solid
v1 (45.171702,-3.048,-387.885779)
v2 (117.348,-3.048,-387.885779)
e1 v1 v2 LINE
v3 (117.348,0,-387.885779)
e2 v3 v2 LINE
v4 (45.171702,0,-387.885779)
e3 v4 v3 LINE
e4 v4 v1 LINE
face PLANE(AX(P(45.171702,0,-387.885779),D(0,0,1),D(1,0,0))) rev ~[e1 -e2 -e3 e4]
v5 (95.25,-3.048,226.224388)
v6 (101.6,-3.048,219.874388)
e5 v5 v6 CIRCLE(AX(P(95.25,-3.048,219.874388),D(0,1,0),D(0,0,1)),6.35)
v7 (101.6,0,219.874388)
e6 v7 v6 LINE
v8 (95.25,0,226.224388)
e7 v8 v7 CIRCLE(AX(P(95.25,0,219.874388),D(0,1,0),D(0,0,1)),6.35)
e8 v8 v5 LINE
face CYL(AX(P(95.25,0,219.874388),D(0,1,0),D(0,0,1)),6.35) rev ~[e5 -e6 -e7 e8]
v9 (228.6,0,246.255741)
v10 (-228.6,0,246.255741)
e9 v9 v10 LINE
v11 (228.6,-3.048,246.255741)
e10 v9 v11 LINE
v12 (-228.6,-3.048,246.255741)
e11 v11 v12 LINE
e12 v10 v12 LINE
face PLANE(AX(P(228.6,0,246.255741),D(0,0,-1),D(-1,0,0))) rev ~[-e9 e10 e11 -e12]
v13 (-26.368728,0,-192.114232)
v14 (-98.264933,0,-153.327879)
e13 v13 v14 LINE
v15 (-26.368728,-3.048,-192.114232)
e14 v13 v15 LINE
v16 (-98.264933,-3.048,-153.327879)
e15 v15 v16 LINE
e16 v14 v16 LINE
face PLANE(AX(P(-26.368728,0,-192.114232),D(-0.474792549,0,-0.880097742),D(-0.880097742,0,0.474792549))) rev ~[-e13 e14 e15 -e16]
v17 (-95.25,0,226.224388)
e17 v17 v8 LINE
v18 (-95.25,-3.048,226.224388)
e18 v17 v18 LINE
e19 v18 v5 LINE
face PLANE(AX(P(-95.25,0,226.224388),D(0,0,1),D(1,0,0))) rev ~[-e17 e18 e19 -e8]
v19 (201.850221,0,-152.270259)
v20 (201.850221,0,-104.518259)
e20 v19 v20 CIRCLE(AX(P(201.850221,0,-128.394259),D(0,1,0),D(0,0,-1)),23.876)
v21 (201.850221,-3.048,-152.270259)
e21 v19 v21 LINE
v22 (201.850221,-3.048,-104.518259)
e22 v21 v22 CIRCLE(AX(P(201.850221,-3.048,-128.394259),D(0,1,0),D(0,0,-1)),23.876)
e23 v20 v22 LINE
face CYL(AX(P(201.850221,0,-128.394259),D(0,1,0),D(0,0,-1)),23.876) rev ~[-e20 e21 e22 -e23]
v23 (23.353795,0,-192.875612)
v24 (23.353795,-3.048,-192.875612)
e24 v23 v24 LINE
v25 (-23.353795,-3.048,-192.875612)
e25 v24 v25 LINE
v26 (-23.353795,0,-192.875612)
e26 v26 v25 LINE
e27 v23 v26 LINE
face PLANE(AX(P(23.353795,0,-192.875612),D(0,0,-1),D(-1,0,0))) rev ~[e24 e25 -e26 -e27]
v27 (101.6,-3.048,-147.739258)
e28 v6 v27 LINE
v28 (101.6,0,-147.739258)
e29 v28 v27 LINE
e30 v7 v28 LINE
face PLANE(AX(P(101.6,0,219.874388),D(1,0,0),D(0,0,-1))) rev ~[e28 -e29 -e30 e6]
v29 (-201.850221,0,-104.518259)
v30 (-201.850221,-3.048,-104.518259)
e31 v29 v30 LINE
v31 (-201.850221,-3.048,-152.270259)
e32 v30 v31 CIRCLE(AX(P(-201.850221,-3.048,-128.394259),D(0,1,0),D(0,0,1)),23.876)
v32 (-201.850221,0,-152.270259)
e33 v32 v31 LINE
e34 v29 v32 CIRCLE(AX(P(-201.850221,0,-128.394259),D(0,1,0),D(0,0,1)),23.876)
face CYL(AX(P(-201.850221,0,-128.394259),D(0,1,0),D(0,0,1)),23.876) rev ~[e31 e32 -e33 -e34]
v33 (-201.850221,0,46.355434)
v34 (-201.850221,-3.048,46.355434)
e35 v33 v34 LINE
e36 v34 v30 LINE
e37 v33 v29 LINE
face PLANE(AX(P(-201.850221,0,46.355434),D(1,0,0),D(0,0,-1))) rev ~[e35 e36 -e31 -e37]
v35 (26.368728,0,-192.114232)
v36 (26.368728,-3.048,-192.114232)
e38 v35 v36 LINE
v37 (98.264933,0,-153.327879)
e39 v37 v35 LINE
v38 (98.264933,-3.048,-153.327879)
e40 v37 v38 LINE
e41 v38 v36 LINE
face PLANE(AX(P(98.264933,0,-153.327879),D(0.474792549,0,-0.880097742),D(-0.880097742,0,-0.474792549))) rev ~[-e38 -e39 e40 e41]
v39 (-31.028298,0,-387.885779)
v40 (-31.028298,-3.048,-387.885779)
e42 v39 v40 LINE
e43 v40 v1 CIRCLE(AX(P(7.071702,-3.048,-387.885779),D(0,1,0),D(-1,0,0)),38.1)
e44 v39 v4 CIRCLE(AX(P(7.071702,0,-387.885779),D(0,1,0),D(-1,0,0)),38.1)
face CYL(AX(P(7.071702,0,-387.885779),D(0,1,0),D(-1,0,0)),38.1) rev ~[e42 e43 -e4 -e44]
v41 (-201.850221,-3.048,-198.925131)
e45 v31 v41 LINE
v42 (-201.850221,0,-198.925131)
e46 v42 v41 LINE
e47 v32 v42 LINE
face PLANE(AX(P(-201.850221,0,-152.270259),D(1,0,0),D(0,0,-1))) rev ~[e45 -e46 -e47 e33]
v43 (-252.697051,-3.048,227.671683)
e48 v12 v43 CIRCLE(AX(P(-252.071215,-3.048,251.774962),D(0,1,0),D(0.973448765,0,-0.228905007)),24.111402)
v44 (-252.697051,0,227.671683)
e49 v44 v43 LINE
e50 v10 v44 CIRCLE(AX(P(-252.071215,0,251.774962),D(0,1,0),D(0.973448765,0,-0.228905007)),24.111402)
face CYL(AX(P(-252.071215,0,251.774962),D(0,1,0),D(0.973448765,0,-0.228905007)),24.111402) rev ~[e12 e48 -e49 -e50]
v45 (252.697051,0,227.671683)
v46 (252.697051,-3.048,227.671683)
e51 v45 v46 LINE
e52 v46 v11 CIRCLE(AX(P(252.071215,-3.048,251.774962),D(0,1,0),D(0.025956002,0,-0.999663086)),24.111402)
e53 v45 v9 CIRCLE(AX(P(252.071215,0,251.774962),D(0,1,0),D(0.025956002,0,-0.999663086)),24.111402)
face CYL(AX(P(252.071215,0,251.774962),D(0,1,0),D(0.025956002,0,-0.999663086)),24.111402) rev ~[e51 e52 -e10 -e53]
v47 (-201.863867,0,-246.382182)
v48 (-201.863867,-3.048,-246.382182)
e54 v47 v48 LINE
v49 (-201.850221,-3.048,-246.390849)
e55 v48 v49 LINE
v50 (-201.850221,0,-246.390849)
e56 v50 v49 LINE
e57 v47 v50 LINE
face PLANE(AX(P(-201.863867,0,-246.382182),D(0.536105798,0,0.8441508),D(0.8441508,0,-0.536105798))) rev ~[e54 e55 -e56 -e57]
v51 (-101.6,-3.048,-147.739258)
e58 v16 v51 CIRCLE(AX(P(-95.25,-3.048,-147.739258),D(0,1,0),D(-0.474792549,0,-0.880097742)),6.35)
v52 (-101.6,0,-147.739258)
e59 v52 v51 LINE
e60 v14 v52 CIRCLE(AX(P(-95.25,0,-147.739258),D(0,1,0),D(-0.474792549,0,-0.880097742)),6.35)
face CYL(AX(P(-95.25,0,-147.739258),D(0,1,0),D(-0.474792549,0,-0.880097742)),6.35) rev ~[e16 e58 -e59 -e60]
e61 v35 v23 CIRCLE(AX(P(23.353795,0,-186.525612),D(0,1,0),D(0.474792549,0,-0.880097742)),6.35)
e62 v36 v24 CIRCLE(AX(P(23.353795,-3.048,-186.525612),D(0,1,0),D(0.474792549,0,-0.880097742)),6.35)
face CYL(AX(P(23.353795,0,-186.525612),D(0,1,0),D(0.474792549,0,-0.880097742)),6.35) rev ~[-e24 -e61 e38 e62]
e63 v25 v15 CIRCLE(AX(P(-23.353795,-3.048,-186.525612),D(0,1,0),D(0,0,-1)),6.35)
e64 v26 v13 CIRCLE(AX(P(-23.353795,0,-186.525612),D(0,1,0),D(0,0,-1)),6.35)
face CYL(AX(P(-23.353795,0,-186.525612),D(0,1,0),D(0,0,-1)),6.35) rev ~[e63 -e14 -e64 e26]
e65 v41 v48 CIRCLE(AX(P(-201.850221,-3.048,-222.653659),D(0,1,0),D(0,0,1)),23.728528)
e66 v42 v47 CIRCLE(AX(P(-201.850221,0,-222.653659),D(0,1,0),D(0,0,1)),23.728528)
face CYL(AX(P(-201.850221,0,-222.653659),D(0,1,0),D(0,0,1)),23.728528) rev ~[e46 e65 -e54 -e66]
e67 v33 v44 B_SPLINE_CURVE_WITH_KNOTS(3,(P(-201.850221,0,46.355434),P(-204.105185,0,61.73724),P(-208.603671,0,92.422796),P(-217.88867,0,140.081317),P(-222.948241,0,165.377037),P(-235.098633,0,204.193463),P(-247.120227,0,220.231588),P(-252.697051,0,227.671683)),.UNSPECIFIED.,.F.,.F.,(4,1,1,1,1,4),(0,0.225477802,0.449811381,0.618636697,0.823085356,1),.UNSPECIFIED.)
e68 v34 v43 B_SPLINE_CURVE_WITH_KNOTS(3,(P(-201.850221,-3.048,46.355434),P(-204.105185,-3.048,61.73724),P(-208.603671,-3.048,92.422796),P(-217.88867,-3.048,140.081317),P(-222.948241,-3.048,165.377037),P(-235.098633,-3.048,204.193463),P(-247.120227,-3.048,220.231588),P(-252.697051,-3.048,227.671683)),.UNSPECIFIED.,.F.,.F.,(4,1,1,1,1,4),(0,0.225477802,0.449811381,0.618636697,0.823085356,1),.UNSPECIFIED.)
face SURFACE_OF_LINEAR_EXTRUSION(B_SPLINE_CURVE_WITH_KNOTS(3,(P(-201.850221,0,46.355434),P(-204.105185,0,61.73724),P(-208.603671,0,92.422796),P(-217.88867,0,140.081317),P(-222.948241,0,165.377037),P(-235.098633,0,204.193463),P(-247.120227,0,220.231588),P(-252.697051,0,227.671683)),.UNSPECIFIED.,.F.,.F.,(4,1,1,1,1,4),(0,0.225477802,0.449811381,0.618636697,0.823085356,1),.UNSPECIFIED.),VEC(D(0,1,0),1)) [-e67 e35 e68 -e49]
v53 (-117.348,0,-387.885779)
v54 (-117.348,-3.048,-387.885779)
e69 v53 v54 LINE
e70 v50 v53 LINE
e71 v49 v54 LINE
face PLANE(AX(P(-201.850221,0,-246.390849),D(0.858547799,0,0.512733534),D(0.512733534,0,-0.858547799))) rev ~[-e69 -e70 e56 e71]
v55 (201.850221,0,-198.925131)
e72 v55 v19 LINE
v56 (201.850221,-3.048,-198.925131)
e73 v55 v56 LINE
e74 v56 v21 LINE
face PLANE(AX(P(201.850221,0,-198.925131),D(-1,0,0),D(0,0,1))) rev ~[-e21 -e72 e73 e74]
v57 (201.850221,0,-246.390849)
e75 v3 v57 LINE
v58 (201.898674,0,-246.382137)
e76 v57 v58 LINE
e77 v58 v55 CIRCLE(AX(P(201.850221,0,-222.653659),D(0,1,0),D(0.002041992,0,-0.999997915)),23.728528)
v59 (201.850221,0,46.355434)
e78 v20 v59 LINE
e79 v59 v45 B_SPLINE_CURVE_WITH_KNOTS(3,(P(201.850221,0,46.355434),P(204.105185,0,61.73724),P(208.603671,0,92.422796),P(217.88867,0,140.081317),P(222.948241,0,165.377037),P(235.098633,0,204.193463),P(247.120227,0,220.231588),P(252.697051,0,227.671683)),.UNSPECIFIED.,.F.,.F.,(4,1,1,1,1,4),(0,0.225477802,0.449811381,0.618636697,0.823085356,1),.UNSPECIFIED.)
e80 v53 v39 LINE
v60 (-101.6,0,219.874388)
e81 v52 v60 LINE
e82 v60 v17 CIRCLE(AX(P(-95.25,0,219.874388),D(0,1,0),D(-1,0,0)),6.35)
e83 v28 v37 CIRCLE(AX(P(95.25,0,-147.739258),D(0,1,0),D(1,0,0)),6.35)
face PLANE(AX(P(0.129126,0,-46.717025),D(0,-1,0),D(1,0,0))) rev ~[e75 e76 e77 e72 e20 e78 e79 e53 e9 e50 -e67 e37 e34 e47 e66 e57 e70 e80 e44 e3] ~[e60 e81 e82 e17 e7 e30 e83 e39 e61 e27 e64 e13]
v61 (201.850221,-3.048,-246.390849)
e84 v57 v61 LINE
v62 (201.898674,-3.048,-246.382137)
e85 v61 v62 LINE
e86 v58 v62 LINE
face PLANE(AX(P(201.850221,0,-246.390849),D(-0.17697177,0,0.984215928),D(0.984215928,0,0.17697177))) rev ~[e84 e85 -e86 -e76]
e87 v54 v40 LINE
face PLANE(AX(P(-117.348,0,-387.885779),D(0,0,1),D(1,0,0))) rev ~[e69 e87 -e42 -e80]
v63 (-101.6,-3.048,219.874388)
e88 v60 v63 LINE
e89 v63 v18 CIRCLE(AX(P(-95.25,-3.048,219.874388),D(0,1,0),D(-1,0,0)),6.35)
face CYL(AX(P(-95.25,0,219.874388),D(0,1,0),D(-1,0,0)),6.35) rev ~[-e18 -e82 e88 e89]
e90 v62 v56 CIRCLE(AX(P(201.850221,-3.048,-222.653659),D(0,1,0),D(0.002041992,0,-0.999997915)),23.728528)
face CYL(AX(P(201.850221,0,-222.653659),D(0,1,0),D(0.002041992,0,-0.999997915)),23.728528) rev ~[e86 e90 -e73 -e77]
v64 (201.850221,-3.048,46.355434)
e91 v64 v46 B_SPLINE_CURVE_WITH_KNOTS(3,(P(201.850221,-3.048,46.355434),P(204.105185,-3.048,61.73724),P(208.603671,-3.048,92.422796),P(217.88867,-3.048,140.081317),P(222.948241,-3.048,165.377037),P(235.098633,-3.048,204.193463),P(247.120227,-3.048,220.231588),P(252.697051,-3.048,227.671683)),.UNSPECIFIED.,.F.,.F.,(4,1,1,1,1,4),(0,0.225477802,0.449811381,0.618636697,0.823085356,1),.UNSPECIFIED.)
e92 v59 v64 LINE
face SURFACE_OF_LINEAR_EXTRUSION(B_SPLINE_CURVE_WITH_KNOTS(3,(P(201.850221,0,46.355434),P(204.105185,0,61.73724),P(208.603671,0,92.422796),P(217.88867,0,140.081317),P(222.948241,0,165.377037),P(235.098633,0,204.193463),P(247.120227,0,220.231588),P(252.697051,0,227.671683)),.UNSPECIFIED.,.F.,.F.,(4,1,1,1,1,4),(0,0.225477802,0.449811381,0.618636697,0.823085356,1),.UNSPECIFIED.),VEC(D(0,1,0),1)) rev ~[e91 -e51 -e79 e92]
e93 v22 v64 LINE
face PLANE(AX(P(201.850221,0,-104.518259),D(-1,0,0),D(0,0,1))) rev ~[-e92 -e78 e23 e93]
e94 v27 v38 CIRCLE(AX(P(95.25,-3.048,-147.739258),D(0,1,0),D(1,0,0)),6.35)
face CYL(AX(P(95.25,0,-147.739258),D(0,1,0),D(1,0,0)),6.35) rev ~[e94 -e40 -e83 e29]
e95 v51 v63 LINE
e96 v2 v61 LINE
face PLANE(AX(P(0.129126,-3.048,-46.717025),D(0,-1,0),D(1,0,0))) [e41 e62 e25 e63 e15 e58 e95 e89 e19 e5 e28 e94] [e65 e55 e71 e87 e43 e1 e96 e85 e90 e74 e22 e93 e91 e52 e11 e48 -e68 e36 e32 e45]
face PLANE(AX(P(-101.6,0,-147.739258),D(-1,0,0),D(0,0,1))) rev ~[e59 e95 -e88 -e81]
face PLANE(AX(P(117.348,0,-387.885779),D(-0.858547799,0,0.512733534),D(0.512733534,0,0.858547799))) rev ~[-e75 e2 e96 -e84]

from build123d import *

# Parameters (mm, degrees)
F1_DEPTH = 3.048


with BuildPart() as f1:
    # F0 (on Front) → F1 (new body)
    with BuildSketch(Plane.XZ):
        with BuildLine():
            Line((228.6, 246.2557410921), (0, 246.2557410921))
            Line((0, 246.2557410921), (-228.6, 246.2557410921))
            ThreePointArc((-228.6, 246.2557410921), (-237.3464180268, 232.682029001), (-252.6970505714, 227.6716828346))
            add(Edge.make_bspline(
                [(-201.850220561, 46.3554337621), (-204.1051852003, 61.7372401986), (-208.6036712949, 92.4227955983), (-217.8886704059, 140.0813170844), (-222.9482414814, 165.3770374409), (-235.098632684, 204.1934629253), (-247.1202266132, 220.2315879282), (-252.6970505714, 227.6716828346)],
                knots=[0, 0, 0, 0, 0.2254778023, 0.4498113809, 0.6186366969, 0.8230853564, 1, 1, 1, 1], degree=3))
            Line((-201.850220561, 46.3554337621), (-201.850220561, -104.5182589079))
            ThreePointArc((-201.850220561, -104.5182589079), (-177.974220561, -128.3942589079), (-201.850220561, -152.2702589079))
            Line((-201.850220561, -152.2702589079), (-201.850220561, -198.2442589079))
            Line((-201.850220561, -198.2442589079), (-201.850220561, -198.9251314069))
            ThreePointArc((-201.850220561, -198.9251314069), (-178.1216940411, -222.6604823216), (-201.8638673878, -246.3821824846))
            Line((-201.8638673878, -246.3821824846), (-201.850220561, -246.3908493519))
            Line((-201.850220561, -246.3908493519), (-117.348, -387.8857791424))
            Line((-117.348, -387.8857791424), (-31.0282981902, -387.8857791424))
            ThreePointArc((-31.0282981902, -387.8857791424), (7.0717018098, -349.7857791424), (45.1717018098, -387.8857791424))
            Line((45.1717018098, -387.8857791424), (117.348, -387.8857791424))
            Line((117.348, -387.8857791424), (201.850220561, -246.3908493519))
            Line((201.850220561, -246.3908493519), (201.8986740321, -246.382136938))
            ThreePointArc((201.8986740321, -246.382136938), (178.1217054277, -222.6778856561), (201.850220561, -198.9251314069))
            Line((201.850220561, -198.9251314069), (201.850220561, -198.2442589079))
            Line((201.850220561, -198.2442589079), (201.850220561, -152.2702589079))
            ThreePointArc((201.850220561, -152.2702589079), (177.974220561, -128.3942589079), (201.850220561, -104.5182589079))
            Line((201.850220561, -104.5182589079), (201.850220561, 46.3554337621))
            add(Edge.make_bspline(
                [(201.850220561, 46.3554337621), (204.1051852003, 61.7372401986), (208.6036712949, 92.4227955983), (217.8886704059, 140.0813170844), (222.9482414814, 165.3770374409), (235.098632684, 204.1934629253), (247.1202266132, 220.2315879282), (252.6970505714, 227.6716828346)],
                knots=[0, 0, 0, 0, 0.2254778023, 0.4498113809, 0.6186366969, 0.8230853564, 1, 1, 1, 1], degree=3))
            ThreePointArc((252.6970505714, 227.6716828346), (237.3464180268, 232.682029001), (228.6, 246.2557410921))
        make_face()
        with BuildLine():
            Line((-101.6, -147.7392579563), (-101.6, 219.8743884218))
            ThreePointArc((-101.6, 219.8743884218), (-99.7401280605, 224.3645164824), (-95.25, 226.2243884218))
            Line((-95.25, 226.2243884218), (95.25, 226.2243884218))
            ThreePointArc((95.25, 226.2243884218), (99.7401280605, 224.3645164824), (101.6, 219.8743884218))
            Line((101.6, 219.8743884218), (101.6, -147.7392579563))
            ThreePointArc((101.6, -147.7392579563), (100.7028580828, -150.9933075455), (98.2649326838, -153.3278786191))
            Line((98.2649326838, -153.3278786191), (26.3687280188, -192.1142322409))
            ThreePointArc((26.3687280188, -192.1142322409), (24.9085877313, -192.6823250362), (23.353795335, -192.8756115782))
            Line((23.353795335, -192.8756115782), (-23.353795335, -192.8756115782))
            ThreePointArc((-23.353795335, -192.8756115782), (-24.9085877313, -192.6823250362), (-26.3687280188, -192.1142322409))
            Line((-26.3687280188, -192.1142322409), (-98.2649326838, -153.3278786191))
            ThreePointArc((-98.2649326838, -153.3278786191), (-100.7028580828, -150.9933075455), (-101.6, -147.7392579563))
        make_face(mode=Mode.SUBTRACT)
    extrude(amount=F1_DEPTH)


solid = f1.part
